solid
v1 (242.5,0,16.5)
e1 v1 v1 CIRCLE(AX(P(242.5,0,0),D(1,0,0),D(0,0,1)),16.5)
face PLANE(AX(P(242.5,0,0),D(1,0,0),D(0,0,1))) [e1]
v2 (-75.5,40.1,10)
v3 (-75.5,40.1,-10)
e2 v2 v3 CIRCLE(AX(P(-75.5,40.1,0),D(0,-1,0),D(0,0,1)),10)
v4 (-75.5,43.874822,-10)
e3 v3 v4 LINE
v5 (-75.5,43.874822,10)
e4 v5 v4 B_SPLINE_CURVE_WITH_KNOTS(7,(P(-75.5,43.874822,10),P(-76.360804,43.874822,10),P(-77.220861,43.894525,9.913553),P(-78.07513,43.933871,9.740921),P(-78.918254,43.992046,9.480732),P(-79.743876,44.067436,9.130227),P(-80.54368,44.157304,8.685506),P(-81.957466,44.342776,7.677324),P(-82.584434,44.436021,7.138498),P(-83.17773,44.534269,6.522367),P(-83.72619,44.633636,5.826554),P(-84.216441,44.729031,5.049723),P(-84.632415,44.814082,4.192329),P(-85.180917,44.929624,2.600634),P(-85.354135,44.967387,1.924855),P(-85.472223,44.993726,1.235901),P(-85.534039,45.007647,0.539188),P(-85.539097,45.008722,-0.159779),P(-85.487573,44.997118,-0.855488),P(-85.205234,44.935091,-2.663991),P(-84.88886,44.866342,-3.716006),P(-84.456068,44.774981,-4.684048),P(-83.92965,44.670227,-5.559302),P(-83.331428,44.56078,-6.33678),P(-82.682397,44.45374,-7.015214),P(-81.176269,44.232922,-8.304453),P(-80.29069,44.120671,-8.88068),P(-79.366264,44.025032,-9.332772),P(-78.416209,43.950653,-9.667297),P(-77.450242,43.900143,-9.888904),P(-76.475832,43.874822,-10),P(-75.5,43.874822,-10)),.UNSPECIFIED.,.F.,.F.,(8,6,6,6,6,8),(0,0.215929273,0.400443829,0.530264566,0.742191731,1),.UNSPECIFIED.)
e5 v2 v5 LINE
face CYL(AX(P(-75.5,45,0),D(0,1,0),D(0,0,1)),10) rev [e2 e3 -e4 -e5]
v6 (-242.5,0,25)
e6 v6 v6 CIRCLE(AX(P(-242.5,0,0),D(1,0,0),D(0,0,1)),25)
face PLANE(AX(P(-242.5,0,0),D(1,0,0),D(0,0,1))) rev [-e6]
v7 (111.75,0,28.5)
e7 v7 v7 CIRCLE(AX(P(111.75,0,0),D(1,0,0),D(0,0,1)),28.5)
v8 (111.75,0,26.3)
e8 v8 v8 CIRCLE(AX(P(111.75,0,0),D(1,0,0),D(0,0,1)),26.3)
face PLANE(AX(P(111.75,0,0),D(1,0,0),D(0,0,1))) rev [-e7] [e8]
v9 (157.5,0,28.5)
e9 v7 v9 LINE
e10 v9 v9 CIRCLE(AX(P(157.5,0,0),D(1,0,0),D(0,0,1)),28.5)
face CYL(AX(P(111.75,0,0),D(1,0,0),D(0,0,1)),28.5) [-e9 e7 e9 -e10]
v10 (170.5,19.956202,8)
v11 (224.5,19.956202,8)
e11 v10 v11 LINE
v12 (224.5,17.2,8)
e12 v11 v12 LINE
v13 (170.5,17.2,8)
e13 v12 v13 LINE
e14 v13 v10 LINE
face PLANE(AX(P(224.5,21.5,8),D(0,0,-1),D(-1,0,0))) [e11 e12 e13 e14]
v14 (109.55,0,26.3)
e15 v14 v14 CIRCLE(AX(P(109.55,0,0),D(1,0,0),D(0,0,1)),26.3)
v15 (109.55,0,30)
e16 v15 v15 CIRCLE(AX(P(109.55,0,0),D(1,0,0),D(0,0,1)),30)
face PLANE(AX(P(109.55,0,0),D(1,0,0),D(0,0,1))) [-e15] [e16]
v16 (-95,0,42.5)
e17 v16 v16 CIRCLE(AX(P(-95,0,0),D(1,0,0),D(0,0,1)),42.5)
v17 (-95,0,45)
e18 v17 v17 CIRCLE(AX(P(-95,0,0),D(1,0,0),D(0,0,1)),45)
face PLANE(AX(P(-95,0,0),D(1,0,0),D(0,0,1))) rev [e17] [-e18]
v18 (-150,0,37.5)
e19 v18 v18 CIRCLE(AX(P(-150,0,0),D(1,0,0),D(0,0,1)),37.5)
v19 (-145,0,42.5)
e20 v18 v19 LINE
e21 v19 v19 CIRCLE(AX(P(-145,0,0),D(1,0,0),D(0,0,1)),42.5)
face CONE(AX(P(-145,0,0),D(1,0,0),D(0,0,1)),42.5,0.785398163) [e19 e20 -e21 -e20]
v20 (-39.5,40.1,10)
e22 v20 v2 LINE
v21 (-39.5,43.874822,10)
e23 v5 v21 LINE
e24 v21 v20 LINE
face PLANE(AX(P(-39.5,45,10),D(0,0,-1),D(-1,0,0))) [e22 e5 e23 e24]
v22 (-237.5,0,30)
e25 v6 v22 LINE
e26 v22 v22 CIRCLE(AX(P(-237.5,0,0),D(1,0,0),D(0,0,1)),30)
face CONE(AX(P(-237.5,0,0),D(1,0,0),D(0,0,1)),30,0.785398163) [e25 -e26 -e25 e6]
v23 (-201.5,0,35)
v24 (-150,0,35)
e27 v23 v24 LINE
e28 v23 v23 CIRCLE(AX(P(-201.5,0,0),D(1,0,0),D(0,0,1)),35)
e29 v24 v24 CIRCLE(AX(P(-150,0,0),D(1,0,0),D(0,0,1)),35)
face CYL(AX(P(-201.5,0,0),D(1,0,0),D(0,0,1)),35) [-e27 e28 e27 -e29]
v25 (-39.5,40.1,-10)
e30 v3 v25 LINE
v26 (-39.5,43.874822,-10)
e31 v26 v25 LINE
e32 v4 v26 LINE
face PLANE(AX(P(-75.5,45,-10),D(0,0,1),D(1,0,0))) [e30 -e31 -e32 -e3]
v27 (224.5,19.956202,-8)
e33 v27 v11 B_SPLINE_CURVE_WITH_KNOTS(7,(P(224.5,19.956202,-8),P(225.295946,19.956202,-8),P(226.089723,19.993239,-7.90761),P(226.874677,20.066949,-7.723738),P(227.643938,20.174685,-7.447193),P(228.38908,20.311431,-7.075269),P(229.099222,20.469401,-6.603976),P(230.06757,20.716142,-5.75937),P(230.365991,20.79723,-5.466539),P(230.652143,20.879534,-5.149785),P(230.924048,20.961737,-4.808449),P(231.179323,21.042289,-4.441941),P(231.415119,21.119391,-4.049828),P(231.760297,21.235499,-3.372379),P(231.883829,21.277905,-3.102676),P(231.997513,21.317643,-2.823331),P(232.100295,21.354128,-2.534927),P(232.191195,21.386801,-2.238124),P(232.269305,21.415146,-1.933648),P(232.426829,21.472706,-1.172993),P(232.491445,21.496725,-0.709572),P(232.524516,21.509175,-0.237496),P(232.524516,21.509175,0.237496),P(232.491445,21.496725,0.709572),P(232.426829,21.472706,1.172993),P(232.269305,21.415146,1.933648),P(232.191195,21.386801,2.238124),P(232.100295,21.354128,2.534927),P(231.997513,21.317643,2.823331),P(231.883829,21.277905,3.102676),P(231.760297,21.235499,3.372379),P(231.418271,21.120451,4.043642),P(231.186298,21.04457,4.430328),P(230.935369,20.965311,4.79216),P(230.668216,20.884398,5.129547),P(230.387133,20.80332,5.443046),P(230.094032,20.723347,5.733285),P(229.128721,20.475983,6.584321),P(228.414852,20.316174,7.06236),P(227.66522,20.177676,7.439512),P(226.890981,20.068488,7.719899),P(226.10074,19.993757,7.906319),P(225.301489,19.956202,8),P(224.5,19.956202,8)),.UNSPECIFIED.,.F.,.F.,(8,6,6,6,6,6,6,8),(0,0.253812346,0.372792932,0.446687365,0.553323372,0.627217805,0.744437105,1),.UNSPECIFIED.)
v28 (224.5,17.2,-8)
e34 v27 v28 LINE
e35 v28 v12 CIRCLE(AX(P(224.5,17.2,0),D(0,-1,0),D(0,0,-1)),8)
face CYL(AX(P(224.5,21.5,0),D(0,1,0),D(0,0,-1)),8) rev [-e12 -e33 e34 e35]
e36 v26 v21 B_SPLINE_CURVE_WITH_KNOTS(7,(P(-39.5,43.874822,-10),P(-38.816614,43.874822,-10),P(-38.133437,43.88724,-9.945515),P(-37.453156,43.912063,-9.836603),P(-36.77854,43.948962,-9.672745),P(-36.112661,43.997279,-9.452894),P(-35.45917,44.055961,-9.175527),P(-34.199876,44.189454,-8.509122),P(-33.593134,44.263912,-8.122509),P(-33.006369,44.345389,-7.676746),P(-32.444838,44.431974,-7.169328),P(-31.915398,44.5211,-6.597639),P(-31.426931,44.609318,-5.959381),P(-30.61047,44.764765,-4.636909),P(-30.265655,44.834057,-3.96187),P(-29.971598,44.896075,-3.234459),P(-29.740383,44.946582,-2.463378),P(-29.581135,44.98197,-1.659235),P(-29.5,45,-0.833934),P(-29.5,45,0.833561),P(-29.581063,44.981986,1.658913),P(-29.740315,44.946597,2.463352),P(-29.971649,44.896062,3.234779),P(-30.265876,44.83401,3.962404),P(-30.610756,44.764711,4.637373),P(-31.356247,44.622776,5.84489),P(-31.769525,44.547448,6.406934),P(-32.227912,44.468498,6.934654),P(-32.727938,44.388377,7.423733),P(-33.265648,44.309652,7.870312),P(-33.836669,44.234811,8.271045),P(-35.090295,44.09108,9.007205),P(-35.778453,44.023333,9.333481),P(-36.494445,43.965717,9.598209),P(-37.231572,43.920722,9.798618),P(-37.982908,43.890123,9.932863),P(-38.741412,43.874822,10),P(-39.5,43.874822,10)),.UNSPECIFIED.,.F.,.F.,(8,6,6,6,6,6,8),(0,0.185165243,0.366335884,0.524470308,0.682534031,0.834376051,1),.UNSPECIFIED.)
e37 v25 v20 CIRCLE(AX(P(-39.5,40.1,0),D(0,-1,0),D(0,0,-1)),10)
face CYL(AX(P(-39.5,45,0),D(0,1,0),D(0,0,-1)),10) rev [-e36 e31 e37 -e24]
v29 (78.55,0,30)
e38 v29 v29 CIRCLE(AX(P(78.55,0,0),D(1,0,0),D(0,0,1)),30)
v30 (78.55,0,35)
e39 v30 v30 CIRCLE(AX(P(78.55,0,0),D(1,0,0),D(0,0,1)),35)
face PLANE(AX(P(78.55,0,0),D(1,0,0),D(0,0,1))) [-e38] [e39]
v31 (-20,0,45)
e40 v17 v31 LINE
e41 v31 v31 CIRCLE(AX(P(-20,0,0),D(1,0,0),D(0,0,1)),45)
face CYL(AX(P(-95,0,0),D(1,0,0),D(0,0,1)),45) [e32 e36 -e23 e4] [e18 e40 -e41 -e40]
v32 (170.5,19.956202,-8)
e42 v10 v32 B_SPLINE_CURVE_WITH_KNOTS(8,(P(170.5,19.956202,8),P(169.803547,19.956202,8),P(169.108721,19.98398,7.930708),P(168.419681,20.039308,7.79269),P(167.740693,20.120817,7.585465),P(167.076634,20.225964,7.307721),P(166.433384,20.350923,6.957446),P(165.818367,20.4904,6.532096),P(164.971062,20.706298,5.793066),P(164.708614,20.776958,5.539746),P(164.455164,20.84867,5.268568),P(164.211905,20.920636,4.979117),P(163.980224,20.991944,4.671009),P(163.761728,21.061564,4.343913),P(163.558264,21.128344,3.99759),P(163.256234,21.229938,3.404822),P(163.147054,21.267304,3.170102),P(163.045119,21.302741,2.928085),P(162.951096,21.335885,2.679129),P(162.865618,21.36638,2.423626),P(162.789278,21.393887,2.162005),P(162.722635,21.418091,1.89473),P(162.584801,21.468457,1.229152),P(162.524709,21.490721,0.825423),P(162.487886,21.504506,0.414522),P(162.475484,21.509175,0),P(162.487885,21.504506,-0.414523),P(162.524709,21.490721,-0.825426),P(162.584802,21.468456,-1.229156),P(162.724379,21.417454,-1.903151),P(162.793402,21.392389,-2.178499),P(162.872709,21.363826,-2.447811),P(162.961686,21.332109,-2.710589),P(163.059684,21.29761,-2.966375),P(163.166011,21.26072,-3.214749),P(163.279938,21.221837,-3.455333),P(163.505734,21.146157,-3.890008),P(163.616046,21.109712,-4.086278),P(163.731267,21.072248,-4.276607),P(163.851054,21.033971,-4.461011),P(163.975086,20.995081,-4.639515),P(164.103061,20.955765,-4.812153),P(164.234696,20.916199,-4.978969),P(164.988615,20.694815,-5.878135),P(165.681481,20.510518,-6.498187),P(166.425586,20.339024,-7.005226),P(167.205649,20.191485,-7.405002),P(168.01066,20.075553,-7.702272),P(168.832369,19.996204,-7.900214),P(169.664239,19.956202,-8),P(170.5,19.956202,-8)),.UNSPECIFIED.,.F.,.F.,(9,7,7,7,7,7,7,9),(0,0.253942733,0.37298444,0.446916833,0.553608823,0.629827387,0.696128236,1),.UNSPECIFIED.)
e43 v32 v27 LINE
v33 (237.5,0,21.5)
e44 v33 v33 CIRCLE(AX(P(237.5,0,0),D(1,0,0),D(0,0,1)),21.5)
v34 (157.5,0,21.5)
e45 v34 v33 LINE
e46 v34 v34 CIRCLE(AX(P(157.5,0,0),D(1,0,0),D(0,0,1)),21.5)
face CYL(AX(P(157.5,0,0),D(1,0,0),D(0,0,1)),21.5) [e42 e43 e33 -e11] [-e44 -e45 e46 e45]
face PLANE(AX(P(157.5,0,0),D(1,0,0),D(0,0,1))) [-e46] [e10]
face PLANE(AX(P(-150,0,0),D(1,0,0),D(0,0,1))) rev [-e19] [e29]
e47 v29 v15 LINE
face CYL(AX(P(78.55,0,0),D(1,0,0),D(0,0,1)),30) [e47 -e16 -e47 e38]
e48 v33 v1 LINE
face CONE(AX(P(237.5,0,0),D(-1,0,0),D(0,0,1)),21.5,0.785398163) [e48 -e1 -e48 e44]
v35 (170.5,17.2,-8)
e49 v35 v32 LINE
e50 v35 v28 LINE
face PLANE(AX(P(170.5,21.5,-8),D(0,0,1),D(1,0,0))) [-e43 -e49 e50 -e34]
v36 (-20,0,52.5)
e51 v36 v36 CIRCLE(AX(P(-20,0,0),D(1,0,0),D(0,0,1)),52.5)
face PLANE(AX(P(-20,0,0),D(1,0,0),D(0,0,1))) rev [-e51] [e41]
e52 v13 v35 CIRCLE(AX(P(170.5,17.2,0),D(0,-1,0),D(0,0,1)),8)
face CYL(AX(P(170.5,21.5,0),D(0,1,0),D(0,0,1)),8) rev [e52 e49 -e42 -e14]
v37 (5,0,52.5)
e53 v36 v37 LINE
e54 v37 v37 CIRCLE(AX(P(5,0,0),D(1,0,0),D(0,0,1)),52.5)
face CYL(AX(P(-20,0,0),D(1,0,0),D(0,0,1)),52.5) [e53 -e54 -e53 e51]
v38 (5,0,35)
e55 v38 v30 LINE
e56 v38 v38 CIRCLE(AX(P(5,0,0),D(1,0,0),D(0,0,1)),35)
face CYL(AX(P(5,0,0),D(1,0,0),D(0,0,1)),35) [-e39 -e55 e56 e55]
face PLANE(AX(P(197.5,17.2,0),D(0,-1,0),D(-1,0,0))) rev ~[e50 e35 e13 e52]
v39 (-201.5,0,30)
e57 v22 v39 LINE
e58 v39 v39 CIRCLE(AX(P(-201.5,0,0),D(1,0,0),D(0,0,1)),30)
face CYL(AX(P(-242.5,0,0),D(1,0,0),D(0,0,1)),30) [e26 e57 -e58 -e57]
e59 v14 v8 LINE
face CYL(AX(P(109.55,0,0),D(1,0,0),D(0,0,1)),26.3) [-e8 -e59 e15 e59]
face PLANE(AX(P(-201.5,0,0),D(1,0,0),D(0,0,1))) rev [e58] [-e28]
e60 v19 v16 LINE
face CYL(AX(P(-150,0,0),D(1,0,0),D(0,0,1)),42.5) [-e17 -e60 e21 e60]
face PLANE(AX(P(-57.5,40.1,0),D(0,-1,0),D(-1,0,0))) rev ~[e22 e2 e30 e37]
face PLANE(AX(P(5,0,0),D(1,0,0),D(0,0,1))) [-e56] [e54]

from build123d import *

# Parameters (mm, degrees)
CHAMFER1_SIZE      = 5
CUT_EXTRUDE1_START = 45
CUT_EXTRUDE1_DEPTH = 4.9
CUT_EXTRUDE2_START = 21.5
CUT_EXTRUDE2_DEPTH = 4.3


with BuildPart() as part:
    # Sketch2 → Revolve1 (revolve)
    with BuildSketch(Plane(origin=(0, 0, 0), x_dir=(1, 0, 0), z_dir=(0, 1, 0)), mode=Mode.PRIVATE) as revolve1_sk:
        Polygon((242.5, 0), (-242.5, 0), (-242.5, 30), (-201.5, 30), (-201.5, 35), (-150, 35), (-150, 42.5), (-95, 42.5), (-95, 45), (-20, 45), (-20, 52.5), (5, 52.5), (5, 35), (78.55, 35), (78.55, 30), (109.55, 30), (109.55, 26.3), (111.75, 26.3), (111.75, 28.5), (157.5, 28.5), (157.5, 21.5), (242.5, 21.5), align=None)
    revolve(revolve1_sk.sketch.rotate(Axis((-418.822463349, 0, 0), (1, 0, 0)), 180), axis=Axis((-418.822463349, 0, 0), (1, 0, 0)))

    # Chamfer1
    chamfer1_edges = [part.edges().sort_by_distance(p)[0] for p in [
        (242.5, 0, -21.5),
        (-150, 0, -42.5),
        (-242.5, 0, -30),
    ]]
    chamfer(chamfer1_edges, length=CHAMFER1_SIZE)

    # Sketch3 → Cut-Extrude1 (cut, symmetric)
    with BuildSketch(Plane(origin=(0, 0, 0), x_dir=(1, 0, 0), z_dir=(0, 1, 0)).offset(CUT_EXTRUDE1_START)):
        with BuildLine():
            Line((-75.5, 10), (-39.5, 10))
            ThreePointArc((-39.5, 10), (-29.5, 0), (-39.5, -10))
            Line((-39.5, -10), (-75.5, -10))
            ThreePointArc((-75.5, -10), (-85.5, 0), (-75.5, 10))
        make_face()
    extrude(amount=CUT_EXTRUDE1_DEPTH, both=True, mode=Mode.SUBTRACT)

    # Sketch4 → Cut-Extrude2 (cut, symmetric)
    with BuildSketch(Plane(origin=(0, 0, 0), x_dir=(1, 0, 0), z_dir=(0, 1, 0)).offset(CUT_EXTRUDE2_START)):
        with BuildLine():
            Line((170.5, 8), (224.5, 8))
            ThreePointArc((224.5, 8), (232.5, 0), (224.5, -8))
            Line((224.5, -8), (170.5, -8))
            ThreePointArc((170.5, -8), (162.5, 0), (170.5, 8))
        make_face()
    extrude(amount=CUT_EXTRUDE2_DEPTH, both=True, mode=Mode.SUBTRACT)


solid = part.part
